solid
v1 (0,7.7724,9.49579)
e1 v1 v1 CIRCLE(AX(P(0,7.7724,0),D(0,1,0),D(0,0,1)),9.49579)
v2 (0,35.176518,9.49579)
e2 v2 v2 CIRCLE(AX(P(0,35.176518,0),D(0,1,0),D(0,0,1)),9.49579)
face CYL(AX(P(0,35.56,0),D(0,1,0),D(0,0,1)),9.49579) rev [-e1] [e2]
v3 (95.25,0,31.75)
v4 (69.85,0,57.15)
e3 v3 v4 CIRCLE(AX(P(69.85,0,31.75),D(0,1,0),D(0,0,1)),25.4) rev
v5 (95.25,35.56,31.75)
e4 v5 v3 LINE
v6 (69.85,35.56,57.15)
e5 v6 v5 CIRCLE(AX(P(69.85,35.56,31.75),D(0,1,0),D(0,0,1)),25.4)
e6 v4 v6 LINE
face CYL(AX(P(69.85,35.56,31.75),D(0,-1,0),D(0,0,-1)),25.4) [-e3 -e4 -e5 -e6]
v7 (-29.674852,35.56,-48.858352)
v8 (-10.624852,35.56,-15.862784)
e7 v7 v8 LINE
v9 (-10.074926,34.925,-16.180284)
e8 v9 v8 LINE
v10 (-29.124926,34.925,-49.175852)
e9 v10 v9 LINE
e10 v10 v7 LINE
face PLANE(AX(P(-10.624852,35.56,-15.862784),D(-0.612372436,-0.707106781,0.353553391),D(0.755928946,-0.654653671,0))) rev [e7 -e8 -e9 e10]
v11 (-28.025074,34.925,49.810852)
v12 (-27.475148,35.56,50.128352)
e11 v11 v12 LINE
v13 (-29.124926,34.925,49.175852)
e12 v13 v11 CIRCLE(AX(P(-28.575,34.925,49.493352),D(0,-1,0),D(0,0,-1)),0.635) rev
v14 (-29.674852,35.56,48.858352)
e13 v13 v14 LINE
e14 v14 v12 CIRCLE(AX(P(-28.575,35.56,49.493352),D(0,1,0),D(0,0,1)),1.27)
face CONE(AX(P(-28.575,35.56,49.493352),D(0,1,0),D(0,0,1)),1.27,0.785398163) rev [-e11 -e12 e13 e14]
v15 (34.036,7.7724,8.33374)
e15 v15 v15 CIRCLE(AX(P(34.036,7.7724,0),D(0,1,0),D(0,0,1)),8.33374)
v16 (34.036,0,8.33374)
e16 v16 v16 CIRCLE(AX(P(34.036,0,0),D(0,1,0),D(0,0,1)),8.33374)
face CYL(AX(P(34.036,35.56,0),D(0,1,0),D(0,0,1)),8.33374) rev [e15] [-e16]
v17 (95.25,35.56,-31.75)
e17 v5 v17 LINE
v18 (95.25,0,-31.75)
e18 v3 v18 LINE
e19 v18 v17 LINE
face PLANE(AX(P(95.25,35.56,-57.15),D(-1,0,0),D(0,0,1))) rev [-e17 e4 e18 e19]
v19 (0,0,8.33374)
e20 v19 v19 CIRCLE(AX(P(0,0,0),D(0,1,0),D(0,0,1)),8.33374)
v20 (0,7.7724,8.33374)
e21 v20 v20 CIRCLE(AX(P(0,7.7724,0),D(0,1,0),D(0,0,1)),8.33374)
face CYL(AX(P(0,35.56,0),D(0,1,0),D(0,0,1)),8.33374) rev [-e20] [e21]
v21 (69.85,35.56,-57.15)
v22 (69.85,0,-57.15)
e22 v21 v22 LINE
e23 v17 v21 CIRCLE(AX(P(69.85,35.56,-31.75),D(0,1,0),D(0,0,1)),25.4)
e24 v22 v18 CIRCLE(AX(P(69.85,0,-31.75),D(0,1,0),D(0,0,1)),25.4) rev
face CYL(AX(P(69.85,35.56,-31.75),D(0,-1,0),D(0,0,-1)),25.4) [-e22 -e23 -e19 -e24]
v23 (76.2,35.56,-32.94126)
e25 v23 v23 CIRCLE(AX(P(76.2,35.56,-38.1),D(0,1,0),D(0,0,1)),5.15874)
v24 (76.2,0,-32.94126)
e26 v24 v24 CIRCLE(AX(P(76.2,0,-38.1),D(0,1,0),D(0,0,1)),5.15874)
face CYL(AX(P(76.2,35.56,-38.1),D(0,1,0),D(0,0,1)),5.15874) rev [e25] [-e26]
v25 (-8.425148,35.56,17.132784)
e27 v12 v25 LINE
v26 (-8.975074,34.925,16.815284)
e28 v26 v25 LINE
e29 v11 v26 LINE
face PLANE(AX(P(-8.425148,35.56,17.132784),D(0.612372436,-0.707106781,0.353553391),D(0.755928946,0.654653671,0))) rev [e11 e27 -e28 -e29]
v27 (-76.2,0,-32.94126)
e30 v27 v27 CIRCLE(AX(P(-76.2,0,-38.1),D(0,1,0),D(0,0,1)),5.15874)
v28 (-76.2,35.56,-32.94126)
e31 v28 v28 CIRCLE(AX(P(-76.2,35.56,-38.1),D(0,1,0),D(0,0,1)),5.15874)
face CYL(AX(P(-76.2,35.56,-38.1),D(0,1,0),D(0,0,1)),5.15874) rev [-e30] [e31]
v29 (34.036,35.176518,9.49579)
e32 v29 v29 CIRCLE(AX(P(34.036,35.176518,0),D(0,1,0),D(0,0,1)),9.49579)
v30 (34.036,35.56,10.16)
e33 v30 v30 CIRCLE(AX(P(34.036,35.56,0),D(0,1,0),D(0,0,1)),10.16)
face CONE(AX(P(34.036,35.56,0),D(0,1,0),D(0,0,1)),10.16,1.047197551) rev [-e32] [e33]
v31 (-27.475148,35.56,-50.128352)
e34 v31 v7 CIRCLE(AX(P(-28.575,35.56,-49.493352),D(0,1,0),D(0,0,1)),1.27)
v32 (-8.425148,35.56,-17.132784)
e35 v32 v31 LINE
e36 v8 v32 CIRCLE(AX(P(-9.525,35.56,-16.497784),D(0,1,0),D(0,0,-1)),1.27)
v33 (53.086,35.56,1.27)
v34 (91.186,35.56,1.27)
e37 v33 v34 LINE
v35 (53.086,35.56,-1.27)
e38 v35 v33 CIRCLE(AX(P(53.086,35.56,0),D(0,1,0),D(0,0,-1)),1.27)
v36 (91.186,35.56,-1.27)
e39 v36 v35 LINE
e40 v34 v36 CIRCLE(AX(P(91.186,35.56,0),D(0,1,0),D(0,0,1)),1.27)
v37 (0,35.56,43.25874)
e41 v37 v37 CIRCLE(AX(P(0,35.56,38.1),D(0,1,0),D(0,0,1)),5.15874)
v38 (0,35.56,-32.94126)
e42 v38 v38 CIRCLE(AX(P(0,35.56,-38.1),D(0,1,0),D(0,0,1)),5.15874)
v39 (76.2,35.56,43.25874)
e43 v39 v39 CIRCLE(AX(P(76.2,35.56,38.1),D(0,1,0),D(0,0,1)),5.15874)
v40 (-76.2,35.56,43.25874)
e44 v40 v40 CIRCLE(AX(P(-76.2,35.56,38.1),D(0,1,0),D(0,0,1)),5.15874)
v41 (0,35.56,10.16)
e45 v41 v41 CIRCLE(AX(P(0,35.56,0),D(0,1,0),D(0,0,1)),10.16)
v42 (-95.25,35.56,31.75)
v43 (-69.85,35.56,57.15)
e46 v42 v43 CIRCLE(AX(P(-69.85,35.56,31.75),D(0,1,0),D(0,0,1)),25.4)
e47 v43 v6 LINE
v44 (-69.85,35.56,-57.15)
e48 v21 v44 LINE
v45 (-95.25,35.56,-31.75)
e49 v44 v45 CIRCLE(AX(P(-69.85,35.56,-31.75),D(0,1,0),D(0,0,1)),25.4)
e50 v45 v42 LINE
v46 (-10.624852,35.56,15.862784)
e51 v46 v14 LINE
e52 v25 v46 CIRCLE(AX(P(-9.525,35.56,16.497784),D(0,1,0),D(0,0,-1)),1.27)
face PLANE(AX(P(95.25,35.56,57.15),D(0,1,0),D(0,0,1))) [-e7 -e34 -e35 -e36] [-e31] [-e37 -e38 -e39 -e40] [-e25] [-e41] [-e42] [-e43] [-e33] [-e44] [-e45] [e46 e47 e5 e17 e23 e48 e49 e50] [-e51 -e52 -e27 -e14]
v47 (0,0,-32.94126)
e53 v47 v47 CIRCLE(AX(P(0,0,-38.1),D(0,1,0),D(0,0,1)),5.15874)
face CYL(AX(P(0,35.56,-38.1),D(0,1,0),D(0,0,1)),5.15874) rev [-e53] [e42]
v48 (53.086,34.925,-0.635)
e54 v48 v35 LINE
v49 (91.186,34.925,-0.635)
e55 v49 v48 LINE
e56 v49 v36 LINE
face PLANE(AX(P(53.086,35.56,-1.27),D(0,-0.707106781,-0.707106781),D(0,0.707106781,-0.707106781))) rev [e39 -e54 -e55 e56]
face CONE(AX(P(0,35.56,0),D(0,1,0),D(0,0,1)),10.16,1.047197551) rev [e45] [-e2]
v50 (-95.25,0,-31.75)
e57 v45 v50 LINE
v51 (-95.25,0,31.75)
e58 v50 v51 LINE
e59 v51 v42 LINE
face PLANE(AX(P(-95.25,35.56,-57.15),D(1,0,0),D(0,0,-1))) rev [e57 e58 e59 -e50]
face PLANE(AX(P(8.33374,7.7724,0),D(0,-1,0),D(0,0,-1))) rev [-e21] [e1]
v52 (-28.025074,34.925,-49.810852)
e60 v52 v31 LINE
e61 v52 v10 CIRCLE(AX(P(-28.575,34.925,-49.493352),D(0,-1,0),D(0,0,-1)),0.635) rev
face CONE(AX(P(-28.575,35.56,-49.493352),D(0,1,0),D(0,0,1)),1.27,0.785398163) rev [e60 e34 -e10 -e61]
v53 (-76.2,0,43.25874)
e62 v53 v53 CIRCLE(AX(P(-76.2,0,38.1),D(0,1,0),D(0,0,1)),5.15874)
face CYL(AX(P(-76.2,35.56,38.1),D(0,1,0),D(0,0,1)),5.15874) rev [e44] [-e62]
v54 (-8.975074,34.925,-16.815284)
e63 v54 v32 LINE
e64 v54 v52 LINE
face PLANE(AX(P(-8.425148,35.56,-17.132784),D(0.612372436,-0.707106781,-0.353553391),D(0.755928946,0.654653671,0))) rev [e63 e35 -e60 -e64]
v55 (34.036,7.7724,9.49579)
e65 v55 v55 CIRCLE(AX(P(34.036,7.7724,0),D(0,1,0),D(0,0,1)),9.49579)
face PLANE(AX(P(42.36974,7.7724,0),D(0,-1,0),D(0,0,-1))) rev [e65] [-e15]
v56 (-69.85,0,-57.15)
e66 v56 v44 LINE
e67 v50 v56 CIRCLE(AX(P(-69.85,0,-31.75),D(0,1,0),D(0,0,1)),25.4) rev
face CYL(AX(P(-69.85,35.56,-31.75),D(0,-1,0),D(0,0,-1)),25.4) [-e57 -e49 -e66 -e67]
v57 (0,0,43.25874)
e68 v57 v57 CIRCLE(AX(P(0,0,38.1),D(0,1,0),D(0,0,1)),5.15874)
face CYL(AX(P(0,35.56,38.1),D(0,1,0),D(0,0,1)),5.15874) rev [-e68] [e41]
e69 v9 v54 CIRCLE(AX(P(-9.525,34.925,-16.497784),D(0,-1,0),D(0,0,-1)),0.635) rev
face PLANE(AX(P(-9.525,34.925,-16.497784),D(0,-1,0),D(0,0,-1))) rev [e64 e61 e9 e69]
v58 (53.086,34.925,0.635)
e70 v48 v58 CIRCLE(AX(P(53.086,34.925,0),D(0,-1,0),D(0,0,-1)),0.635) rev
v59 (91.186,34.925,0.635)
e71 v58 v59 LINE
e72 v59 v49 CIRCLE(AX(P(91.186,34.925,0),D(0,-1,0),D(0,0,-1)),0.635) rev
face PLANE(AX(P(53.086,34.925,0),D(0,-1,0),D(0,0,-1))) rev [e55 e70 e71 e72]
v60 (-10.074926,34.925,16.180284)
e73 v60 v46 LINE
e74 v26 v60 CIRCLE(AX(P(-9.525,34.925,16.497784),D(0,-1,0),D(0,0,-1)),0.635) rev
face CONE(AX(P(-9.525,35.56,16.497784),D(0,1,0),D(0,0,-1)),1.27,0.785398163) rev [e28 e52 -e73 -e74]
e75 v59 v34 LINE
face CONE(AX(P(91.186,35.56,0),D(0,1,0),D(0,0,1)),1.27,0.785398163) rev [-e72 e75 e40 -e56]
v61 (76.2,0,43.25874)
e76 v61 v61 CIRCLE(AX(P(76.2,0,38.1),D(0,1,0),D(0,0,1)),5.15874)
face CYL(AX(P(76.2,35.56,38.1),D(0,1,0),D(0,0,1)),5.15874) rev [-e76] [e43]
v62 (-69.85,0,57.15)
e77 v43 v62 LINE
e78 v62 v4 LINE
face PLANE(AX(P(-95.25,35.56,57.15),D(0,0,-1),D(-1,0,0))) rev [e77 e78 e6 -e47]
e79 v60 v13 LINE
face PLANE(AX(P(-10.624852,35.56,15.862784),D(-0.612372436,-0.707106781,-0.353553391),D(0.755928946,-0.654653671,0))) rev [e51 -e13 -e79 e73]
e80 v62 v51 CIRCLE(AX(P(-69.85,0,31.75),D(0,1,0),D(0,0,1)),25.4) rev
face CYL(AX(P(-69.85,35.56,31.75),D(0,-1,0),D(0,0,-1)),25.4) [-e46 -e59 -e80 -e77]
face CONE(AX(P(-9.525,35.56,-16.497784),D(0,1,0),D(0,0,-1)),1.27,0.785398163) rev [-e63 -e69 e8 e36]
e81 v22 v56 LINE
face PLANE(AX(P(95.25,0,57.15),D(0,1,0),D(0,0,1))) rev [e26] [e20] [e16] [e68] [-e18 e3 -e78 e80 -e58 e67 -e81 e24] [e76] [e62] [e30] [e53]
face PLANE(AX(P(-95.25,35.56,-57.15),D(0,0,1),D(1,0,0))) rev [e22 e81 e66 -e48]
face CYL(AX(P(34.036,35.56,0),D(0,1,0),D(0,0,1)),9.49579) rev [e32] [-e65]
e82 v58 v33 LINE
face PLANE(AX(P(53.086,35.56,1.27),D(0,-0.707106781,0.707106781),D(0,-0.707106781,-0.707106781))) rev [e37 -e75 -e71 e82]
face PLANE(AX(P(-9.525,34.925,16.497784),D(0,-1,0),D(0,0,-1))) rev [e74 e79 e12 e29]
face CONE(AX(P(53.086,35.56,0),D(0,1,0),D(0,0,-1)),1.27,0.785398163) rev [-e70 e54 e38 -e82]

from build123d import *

# Parameters (mm, degrees)
SKETCH1_W                                   = 190.5
SKETCH1_H                                   = 114.3
EXTRUDE1_DEPTH                              = 35.56
F_3_8_CLEARANCE_HOLE1_D                     = 10.31748
LPATTERN6_COUNT                             = 3
LPATTERN6_PITCH                             = 76.2
LPATTERN6_COUNT_DIR2                        = 2
LPATTERN6_PITCH_DIR2                        = 76.2
F_5_8_11_TAPPED_HOLE1_D                     = 15.875
F_5_8_11_TAPPED_HOLE1_CSINK_D               = 17.145
F_5_8_11_TAPPED_HOLE1_CSINK_ANGLE           = 120
FILLET1_R                                   = 25.4
EXTRUDE2_DEPTH                              = 0.635
EXTRUDE2_TAPER                              = 45
TAPPED_HOLE_FOR_5_8_11_HELICOIL2_AT_2_COUNT = 2
TAPPED_HOLE_FOR_5_8_11_HELICOIL2_AT_2_PITCH = 34.036


with BuildPart() as part:
    # Sketch1 → Extrude1 (new body)
    with BuildSketch(Plane(origin=(0, 0, 0), x_dir=(1, 0, 0), z_dir=(0, 1, 0))):
        Rectangle(SKETCH1_W, SKETCH1_H)
    extrude(amount=EXTRUDE1_DEPTH)

    # 3/8 Clearance Hole1 (through all)
    with Locations(Plane(origin=(0, 35.56, 0), x_dir=(-1, 0, 0), z_dir=(0, 1, 0))):
        with Locations((76.2, -38.1)):
            f_3_8_clearance_hole1 = Hole(F_3_8_CLEARANCE_HOLE1_D / 2)

    # LPattern6: 3_8 Clearance Hole1 3 × 2
    with Locations(*[(i * LPATTERN6_PITCH, 0, j * LPATTERN6_PITCH_DIR2) for i in range(LPATTERN6_COUNT) for j in range(LPATTERN6_COUNT_DIR2) if (i, j) != (0, 0)]):
        add(f_3_8_clearance_hole1, mode=Mode.SUBTRACT)

    # 5/8-11 Tapped Hole1 (through all)
    with Locations(Plane(origin=(0, 35.56, 0), x_dir=(-1, 0, 0), z_dir=(0, 1, 0))):
        with Locations((0, 0), (-34.036, 0)):
            CounterSinkHole(F_5_8_11_TAPPED_HOLE1_D / 2, F_5_8_11_TAPPED_HOLE1_CSINK_D / 2, counter_sink_angle=F_5_8_11_TAPPED_HOLE1_CSINK_ANGLE)

    # Fillet1
    fillet1_edges = [part.edges().sort_by_distance(p)[0] for p in [
        (95.25, 17.78, 57.15),
        (-95.25, 17.78, 57.15),
        (-95.25, 17.78, -57.15),
        (95.25, 17.78, -57.15),
    ]]
    fillet(fillet1_edges, radius=FILLET1_R)

    # Sketch6 → Extrude2 (cut)
    with BuildSketch(Plane(origin=(0, 35.56, 0), x_dir=(1, 0, 0), z_dir=(0, 1, 0))):
        with BuildLine():
            Line((-8.425147737, 17.132783942), (-27.475147737, 50.128351826))
            ThreePointArc((-27.475147737, 50.128351826), (-29.21, 50.593204089), (-29.674852263, 48.858351826))
            Line((-29.674852263, 48.858351826), (-10.624852263, 15.862783942))
            ThreePointArc((-10.624852263, 15.862783942), (-8.89, 15.397931679), (-8.425147737, 17.132783942))
        make_face()
        with BuildLine():
            Line((-10.624852263, -15.862783942), (-29.674852263, -48.858351826))
            ThreePointArc((-29.674852263, -48.858351826), (-29.21, -50.593204089), (-27.475147737, -50.128351826))
            Line((-27.475147737, -50.128351826), (-8.425147737, -17.132783942))
            ThreePointArc((-8.425147737, -17.132783942), (-8.89, -15.397931679), (-10.624852263, -15.862783942))
        make_face()
        with BuildLine():
            Line((53.086, -1.27), (91.186, -1.27))
            ThreePointArc((91.186, -1.27), (92.456, 0), (91.186, 1.27))
            Line((91.186, 1.27), (53.086, 1.27))
            ThreePointArc((53.086, 1.27), (51.816, 0), (53.086, -1.27))
        make_face()
    extrude(amount=-EXTRUDE2_DEPTH, taper=EXTRUDE2_TAPER, mode=Mode.SUBTRACT)

    # Sketch9 → Tapped Hole for 5/8-11 Helicoil2 (revolve, cut)
    with BuildSketch(Plane(origin=(0, 35.56, 0), x_dir=(0, 0, 1), z_dir=(1, 0, 0))):
        Polygon((0, 0), (0, 43.056616175), (8.33374, 38.0492), (8.33374, 27.7876), (9.49579, 27.7876), (9.49579, 0.383481822), (10.16, 0), align=None)
    tapped_hole_for_5_8_11_helicoil2 = revolve(axis=Axis((0, 41.91, 0), (0, -1, 0)), mode=Mode.SUBTRACT)

    # Tapped Hole for 5/8-11 Helicoil2 at 2: Tapped Hole for 5/8-11 Helicoil2 ×2
    with Locations(*[(i * TAPPED_HOLE_FOR_5_8_11_HELICOIL2_AT_2_PITCH, 0, 0) for i in range(1, TAPPED_HOLE_FOR_5_8_11_HELICOIL2_AT_2_COUNT)]):
        add(tapped_hole_for_5_8_11_helicoil2, mode=Mode.SUBTRACT)


solid = part.part
